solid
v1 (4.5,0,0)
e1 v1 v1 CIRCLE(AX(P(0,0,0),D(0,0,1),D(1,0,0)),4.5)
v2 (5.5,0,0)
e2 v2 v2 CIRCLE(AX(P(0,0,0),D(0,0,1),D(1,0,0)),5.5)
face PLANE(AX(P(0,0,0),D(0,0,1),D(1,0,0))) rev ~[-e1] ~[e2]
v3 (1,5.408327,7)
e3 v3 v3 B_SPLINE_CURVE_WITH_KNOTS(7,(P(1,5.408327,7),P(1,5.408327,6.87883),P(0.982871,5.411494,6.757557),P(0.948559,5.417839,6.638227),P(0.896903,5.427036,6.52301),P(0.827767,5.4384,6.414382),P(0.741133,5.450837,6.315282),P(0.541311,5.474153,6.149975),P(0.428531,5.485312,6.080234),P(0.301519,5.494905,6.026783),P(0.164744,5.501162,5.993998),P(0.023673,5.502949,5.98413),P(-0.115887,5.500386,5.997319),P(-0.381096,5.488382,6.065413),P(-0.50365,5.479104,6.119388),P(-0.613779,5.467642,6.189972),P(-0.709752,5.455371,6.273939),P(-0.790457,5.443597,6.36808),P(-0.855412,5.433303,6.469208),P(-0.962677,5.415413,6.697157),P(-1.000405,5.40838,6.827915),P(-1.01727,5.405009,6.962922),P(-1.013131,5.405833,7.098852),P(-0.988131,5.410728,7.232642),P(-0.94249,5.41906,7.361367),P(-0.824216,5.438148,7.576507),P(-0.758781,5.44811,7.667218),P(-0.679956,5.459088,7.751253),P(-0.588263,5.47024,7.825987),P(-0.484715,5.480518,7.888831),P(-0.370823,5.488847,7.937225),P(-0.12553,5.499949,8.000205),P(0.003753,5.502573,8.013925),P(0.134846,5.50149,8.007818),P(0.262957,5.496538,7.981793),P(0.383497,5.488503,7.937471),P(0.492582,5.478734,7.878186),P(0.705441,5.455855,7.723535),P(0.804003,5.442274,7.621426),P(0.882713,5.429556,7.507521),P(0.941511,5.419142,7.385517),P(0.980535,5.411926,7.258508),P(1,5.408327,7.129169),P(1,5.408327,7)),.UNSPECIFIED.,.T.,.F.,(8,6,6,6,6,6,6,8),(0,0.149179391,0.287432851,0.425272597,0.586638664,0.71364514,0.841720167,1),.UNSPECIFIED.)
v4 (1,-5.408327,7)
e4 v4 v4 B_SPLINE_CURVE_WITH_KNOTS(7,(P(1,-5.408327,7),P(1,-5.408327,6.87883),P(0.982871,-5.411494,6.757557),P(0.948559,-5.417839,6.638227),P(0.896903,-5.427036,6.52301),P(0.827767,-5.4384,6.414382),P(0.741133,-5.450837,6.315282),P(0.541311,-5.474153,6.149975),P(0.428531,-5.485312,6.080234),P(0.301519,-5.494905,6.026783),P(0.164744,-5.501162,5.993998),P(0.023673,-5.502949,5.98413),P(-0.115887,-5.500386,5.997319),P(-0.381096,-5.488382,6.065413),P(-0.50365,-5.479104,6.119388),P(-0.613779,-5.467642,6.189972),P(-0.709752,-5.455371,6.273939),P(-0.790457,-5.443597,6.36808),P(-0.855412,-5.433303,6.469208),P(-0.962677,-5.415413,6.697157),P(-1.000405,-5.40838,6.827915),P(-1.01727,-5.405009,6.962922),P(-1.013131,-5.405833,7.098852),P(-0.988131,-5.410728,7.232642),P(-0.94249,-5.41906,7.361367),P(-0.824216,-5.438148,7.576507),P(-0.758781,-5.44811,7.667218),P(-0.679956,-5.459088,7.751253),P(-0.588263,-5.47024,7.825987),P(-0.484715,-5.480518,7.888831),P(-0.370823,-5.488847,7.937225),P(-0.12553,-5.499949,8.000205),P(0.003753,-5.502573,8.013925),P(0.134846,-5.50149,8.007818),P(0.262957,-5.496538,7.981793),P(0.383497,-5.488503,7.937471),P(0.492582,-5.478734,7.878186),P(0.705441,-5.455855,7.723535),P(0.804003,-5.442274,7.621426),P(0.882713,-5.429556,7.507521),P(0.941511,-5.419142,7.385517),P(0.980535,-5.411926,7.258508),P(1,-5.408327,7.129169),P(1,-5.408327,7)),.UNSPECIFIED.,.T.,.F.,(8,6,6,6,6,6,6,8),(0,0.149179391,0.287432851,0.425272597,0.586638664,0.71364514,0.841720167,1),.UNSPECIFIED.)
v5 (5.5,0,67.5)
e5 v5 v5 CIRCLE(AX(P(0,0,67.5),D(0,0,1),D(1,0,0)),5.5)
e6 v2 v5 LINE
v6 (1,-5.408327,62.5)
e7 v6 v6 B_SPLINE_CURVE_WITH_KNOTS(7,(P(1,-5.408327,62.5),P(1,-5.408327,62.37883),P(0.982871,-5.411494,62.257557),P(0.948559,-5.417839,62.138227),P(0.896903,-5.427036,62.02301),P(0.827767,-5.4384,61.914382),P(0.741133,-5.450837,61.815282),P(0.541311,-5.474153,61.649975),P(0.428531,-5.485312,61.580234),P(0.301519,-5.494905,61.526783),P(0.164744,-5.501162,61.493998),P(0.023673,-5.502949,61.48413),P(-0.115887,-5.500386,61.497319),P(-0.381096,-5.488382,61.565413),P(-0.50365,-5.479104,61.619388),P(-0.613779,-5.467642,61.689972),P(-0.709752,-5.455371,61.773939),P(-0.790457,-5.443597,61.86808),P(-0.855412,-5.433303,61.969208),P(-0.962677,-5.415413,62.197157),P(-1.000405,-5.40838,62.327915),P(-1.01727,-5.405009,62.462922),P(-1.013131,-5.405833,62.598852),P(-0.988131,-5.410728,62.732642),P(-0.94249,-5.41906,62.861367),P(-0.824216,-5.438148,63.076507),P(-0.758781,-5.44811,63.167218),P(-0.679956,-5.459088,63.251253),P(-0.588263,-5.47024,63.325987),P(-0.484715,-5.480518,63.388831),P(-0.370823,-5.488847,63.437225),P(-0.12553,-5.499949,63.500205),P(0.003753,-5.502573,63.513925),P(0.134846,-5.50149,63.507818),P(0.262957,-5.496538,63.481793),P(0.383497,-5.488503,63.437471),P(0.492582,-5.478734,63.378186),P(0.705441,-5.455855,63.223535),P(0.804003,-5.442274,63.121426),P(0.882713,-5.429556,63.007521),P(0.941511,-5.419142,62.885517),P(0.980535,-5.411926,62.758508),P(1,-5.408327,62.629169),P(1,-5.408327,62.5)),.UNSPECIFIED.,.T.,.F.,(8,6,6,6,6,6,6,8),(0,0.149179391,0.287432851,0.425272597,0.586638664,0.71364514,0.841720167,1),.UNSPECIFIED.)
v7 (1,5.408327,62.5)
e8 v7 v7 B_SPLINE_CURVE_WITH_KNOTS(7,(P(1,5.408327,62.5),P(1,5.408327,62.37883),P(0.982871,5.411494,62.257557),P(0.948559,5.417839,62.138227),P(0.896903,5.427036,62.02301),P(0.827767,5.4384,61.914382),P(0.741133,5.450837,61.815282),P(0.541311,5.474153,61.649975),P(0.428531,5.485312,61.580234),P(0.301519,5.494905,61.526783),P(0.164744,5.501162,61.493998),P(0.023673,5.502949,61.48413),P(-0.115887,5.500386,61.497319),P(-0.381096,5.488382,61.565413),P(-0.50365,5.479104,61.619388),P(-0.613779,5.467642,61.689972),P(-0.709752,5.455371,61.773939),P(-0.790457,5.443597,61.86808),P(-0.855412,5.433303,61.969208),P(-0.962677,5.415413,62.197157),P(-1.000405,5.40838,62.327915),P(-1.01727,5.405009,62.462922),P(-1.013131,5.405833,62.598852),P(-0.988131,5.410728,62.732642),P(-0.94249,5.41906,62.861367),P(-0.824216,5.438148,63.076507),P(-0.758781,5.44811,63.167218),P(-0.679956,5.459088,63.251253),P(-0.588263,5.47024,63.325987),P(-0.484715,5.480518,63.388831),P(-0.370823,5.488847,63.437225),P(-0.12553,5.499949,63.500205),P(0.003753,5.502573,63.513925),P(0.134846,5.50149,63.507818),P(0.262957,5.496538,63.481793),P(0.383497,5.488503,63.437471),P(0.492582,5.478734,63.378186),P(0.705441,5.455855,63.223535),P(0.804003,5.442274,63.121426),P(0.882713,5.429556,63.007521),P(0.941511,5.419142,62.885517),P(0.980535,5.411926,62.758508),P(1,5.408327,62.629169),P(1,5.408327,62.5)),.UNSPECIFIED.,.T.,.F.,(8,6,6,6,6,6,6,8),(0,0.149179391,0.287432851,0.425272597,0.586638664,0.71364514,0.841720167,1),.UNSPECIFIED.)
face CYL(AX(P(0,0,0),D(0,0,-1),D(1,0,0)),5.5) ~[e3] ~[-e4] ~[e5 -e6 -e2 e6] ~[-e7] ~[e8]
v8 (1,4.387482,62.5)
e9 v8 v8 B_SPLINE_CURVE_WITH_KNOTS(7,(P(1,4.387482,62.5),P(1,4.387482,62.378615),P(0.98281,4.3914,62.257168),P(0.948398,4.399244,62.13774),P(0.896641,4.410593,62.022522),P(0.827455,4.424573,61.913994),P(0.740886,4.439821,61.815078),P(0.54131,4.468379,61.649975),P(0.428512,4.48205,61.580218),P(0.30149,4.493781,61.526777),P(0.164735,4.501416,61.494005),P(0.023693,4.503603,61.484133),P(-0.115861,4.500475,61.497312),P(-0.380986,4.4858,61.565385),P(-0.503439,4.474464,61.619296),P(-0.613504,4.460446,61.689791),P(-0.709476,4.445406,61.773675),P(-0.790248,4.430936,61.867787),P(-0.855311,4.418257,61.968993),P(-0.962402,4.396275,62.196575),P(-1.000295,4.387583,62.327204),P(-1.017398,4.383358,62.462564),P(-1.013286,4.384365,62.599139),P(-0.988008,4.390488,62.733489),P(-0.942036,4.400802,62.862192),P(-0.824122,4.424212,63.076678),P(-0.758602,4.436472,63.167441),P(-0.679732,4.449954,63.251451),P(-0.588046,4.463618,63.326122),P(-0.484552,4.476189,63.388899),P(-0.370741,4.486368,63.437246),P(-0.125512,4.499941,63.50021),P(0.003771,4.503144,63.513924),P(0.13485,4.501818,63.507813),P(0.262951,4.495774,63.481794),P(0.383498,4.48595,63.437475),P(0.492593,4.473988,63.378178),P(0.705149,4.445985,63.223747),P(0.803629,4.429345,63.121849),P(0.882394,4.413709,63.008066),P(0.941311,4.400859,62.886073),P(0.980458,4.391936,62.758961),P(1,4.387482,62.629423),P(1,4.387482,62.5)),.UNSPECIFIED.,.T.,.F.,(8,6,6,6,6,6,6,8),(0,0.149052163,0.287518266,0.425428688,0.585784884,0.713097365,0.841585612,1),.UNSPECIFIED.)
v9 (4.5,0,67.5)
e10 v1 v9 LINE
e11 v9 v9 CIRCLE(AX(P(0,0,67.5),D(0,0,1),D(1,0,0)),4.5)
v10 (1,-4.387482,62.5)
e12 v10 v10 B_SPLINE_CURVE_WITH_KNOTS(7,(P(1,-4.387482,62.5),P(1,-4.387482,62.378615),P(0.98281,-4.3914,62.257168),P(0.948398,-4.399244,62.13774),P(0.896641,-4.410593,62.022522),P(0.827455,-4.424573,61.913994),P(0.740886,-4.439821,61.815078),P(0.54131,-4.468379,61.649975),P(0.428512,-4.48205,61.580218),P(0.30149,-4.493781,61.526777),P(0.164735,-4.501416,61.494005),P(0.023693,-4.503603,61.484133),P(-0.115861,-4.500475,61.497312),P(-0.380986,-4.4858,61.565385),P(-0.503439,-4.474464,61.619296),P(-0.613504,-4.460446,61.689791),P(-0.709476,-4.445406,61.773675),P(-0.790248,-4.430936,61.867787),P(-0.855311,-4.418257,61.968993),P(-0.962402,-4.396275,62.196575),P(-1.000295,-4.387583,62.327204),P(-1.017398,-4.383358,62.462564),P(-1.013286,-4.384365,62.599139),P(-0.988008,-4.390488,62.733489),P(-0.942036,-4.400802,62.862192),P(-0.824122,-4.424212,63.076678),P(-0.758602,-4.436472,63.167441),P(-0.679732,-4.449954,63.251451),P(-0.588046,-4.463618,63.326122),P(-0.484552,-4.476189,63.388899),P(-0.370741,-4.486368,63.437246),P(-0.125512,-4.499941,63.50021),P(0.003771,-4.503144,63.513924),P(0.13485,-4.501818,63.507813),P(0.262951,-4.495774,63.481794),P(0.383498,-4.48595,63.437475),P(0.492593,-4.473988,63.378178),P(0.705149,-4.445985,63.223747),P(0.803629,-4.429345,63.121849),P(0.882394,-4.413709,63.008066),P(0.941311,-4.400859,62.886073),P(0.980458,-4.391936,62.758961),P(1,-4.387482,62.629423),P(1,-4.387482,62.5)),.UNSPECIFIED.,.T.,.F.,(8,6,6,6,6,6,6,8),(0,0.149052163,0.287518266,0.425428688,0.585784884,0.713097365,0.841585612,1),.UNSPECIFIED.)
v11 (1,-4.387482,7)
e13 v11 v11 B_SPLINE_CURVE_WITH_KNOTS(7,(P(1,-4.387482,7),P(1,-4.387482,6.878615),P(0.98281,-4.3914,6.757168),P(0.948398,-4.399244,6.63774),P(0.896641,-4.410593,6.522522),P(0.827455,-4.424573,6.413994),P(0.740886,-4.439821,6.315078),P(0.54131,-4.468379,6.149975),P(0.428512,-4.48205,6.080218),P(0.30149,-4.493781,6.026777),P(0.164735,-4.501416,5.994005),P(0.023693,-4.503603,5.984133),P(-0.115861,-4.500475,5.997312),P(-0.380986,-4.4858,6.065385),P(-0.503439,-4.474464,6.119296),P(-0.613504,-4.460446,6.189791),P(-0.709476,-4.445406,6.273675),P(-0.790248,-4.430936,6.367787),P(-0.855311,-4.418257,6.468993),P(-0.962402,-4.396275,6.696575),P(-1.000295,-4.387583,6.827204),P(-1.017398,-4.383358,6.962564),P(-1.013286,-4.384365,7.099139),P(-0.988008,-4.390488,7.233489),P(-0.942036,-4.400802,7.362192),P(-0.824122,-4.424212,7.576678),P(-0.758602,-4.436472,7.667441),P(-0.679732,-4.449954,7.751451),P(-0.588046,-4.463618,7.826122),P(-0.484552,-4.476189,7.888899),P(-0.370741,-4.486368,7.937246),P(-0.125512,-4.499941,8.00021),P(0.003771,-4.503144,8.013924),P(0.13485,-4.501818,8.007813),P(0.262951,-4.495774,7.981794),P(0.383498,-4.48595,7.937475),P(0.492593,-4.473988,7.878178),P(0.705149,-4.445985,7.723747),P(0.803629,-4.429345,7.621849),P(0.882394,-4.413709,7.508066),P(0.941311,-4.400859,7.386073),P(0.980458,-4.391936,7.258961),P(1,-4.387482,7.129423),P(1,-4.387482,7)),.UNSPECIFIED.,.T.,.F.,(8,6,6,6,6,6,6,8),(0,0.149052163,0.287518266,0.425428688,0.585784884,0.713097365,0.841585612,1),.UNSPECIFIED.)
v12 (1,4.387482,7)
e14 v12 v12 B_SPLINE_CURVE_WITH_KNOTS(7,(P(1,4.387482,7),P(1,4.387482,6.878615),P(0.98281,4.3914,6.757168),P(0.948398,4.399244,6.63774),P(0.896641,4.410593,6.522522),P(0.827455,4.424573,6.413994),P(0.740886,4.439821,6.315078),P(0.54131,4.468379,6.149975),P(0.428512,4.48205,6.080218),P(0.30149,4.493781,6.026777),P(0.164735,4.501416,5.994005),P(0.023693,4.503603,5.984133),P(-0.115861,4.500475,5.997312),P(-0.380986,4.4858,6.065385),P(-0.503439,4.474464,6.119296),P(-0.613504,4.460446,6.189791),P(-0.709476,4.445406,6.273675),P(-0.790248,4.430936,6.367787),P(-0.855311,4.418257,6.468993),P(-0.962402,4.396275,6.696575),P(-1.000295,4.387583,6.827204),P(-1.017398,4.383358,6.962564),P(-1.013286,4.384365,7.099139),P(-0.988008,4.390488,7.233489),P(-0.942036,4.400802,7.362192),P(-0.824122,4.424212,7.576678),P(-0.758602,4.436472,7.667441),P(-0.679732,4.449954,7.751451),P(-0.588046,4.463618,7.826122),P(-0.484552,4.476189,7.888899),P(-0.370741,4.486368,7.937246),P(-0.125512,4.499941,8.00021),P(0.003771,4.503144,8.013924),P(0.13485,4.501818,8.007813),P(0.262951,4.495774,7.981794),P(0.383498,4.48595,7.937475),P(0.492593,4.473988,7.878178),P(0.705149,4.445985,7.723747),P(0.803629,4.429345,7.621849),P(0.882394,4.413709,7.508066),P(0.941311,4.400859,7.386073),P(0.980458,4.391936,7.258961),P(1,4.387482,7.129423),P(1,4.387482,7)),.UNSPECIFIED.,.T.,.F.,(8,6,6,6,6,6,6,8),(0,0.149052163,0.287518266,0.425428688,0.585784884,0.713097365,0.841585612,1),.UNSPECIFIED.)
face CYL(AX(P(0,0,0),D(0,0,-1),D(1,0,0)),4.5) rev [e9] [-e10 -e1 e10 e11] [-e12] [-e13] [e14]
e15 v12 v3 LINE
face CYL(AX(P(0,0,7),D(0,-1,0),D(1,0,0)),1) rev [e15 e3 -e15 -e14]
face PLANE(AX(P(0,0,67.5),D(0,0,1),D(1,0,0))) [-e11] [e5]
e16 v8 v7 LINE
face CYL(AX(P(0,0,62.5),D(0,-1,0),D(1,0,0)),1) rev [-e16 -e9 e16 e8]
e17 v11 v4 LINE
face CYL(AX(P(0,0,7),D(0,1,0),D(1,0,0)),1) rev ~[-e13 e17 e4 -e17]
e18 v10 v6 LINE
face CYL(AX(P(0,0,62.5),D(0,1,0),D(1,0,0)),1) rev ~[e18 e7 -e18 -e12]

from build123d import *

# Parameters (mm, degrees)
SKETCH1_R                  = 5.5
SKETCH1_R_2                = 4.5
BOSS_EXTRUDE1_DEPTH        = 67.5
IZIM2_R                    = 1
KES_EKSTR_ZYON1_DEPTH      = 6.5
KES_EKSTR_ZYON1_DEPTH_BACK = 6.5
IZIM3_R                    = 1
KES_EKSTR_ZYON2_DEPTH      = 6.500000118
KES_EKSTR_ZYON2_DEPTH_BACK = 6.500000118


with BuildPart() as part:
    # Sketch1 → Boss-Extrude1 (new body)
    with BuildSketch(Plane.XY):
        Circle(SKETCH1_R)
        Circle(SKETCH1_R_2, mode=Mode.SUBTRACT)
    extrude(amount=BOSS_EXTRUDE1_DEPTH)

    # Çizim2 → Kes-Ekstrüzyon1 (cut, two sides)
    with BuildSketch(Plane(origin=(0, 0, 0), x_dir=(1, 0, 0), z_dir=(0, 1, 0))) as kes_ekstr_zyon1_sk:
        with Locations((0, -7)):
            Circle(IZIM2_R)
    extrude(amount=KES_EKSTR_ZYON1_DEPTH, mode=Mode.SUBTRACT)
    extrude(kes_ekstr_zyon1_sk.sketch, amount=-KES_EKSTR_ZYON1_DEPTH_BACK, mode=Mode.SUBTRACT)

    # Çizim3 → Kes-Ekstrüzyon2 (cut, two sides)
    with BuildSketch(Plane(origin=(0, 0, 0), x_dir=(1, 0, 0), z_dir=(0, 1, 0))) as kes_ekstr_zyon2_sk:
        with Locations((0, -62.5)):
            Circle(IZIM3_R)
    extrude(amount=KES_EKSTR_ZYON2_DEPTH, mode=Mode.SUBTRACT)
    extrude(kes_ekstr_zyon2_sk.sketch, amount=-KES_EKSTR_ZYON2_DEPTH_BACK, mode=Mode.SUBTRACT)


solid = part.part
